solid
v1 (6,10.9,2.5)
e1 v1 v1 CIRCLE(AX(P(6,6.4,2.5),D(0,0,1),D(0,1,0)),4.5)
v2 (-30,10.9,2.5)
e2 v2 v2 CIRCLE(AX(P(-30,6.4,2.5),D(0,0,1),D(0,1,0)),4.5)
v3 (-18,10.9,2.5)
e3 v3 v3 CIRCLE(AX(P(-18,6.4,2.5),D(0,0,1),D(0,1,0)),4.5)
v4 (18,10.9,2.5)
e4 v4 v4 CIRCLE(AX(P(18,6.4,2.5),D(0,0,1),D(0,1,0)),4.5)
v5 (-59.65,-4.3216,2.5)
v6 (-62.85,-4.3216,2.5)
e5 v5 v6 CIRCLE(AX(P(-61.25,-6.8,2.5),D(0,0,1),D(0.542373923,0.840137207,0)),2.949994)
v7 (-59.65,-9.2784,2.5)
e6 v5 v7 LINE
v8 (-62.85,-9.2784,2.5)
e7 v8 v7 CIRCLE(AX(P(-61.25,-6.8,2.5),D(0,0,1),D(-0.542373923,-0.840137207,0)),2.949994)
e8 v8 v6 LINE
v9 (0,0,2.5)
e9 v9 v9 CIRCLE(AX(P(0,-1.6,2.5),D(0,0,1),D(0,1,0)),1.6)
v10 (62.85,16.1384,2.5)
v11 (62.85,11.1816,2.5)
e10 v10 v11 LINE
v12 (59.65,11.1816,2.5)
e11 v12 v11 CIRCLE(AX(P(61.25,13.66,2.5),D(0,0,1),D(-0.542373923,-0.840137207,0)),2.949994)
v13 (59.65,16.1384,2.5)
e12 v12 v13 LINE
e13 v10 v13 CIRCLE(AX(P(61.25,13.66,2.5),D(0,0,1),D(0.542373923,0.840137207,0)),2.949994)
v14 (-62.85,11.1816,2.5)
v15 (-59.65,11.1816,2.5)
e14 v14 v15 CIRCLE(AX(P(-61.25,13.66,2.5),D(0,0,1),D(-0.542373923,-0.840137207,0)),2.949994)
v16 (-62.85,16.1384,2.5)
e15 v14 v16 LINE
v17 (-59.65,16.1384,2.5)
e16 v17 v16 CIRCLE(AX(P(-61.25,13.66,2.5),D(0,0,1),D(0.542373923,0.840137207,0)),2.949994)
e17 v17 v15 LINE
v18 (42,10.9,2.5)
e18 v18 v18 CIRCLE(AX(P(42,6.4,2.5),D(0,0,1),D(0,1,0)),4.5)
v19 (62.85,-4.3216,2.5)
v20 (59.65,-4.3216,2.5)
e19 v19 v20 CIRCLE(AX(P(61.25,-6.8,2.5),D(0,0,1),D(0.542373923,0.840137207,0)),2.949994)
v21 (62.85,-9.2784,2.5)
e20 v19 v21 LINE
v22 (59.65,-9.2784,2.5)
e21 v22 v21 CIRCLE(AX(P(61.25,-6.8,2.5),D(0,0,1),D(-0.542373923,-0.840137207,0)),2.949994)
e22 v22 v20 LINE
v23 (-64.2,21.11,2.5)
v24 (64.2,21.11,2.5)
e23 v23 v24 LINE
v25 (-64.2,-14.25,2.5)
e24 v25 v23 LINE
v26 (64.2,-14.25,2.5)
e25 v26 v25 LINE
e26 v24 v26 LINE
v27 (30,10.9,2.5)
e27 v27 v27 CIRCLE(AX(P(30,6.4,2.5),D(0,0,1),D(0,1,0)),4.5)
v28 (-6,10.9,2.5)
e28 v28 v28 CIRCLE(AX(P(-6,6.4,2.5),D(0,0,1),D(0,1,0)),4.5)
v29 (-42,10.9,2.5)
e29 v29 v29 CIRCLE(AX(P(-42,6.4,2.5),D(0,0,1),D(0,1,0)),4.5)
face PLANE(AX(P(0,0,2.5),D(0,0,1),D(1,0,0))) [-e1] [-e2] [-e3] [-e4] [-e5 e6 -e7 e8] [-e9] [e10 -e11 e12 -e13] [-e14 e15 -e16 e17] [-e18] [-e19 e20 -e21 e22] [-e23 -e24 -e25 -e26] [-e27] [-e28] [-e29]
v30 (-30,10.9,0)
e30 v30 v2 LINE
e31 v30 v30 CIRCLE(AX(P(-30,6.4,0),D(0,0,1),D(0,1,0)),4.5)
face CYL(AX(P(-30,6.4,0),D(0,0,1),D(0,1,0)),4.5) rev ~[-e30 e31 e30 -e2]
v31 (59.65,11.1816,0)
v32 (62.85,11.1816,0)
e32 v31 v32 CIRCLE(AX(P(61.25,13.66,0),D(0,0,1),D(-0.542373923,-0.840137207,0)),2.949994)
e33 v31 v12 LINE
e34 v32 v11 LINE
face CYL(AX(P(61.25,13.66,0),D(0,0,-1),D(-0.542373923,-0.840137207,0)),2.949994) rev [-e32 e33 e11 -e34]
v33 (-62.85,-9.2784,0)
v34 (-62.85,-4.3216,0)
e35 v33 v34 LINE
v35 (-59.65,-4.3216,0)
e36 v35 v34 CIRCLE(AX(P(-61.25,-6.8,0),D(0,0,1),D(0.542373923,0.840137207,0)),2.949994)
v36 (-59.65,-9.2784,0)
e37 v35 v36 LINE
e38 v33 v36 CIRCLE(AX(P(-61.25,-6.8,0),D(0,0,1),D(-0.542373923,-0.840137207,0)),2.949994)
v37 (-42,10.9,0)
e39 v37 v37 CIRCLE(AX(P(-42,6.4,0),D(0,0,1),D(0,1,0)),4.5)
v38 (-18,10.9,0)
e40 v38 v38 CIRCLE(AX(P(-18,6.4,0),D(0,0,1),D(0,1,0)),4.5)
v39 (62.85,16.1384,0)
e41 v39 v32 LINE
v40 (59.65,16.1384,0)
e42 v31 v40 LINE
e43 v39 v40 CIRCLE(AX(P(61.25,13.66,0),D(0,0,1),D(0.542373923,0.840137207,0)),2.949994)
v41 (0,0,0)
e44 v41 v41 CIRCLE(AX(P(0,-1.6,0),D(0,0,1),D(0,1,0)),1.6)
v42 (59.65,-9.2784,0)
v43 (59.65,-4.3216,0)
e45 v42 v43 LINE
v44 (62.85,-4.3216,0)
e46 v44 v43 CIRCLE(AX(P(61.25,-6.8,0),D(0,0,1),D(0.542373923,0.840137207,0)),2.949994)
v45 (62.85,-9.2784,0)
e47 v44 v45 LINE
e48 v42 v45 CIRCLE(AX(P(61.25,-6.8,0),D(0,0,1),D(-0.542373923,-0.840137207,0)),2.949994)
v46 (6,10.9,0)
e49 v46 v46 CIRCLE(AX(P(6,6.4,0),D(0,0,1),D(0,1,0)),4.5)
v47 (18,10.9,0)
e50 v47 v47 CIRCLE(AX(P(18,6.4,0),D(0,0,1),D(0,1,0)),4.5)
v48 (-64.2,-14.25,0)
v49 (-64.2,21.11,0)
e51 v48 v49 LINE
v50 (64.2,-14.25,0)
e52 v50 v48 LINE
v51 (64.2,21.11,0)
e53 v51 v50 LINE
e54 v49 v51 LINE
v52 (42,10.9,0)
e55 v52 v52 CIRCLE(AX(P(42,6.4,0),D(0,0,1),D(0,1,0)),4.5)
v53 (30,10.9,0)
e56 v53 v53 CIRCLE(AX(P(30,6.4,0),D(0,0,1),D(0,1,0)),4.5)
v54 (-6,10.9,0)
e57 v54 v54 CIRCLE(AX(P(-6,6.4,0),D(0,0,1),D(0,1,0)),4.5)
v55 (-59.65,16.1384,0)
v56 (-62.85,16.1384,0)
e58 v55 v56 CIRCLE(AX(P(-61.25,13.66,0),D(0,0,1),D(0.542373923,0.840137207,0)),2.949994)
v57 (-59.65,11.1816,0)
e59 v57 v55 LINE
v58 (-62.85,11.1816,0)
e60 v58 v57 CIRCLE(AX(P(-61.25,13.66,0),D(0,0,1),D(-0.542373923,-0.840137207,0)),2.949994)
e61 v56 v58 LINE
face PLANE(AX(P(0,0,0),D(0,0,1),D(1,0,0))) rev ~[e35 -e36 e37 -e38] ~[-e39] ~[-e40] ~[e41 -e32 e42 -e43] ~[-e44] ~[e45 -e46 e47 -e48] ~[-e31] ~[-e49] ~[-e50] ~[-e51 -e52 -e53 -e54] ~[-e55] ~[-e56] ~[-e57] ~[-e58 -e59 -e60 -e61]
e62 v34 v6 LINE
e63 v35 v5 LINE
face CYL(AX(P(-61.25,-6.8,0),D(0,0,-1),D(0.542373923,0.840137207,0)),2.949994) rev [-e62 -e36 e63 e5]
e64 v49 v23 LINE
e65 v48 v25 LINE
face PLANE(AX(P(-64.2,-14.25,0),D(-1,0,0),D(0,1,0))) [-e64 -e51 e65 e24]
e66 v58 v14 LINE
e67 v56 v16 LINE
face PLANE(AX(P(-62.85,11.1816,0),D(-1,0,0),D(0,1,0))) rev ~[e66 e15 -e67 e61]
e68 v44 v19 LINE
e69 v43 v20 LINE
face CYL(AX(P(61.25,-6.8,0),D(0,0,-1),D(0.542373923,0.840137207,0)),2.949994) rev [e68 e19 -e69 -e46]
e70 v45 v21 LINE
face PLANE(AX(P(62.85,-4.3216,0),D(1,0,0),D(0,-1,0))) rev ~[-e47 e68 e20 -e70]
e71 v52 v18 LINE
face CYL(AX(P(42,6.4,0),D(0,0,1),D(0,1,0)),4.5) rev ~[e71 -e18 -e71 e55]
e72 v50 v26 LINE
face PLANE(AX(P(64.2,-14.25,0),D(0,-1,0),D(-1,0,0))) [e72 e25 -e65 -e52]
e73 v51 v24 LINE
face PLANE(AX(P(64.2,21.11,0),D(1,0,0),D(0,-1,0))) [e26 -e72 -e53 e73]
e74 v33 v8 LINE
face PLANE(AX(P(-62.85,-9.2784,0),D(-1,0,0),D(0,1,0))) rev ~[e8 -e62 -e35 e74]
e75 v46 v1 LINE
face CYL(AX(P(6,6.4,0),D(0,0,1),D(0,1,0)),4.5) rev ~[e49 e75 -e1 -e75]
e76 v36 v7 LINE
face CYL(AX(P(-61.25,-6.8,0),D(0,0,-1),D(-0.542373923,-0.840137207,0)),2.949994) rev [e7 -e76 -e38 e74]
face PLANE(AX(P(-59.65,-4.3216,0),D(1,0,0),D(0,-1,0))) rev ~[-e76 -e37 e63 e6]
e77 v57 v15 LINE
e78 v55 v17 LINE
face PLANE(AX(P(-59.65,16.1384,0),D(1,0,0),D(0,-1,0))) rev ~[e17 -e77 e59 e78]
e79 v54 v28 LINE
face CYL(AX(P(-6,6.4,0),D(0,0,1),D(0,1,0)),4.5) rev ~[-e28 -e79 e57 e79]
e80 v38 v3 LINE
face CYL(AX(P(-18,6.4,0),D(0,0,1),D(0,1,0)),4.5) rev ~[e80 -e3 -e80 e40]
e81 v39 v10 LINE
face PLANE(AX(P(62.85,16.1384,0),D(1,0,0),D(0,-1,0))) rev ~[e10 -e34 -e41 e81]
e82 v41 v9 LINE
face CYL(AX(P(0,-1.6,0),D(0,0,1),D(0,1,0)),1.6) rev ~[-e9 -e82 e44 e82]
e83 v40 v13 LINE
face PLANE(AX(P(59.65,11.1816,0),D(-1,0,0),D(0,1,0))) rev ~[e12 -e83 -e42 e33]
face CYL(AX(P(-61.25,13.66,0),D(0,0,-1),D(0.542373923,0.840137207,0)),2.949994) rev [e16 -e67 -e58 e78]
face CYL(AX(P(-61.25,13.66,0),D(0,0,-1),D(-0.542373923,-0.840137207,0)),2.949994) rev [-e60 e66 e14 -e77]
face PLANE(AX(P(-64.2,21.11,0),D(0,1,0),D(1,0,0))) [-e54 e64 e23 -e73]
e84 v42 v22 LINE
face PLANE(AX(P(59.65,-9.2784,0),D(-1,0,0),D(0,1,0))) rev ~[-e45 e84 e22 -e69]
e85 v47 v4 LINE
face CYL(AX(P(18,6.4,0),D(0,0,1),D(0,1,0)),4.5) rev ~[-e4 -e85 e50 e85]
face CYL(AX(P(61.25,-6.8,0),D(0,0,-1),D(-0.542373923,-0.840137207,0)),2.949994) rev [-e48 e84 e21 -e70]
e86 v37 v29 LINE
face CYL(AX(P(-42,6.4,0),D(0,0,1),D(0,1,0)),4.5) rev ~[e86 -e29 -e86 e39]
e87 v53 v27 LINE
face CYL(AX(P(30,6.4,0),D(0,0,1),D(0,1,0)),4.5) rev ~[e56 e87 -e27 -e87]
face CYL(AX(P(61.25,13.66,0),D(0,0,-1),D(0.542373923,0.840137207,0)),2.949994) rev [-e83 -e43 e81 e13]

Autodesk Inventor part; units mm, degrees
ref_plane "YZ Plane" through (0, 0, 0) normal (1, 0, 0) x (0, 1, 0)
ref_plane "XZ Plane" through (0, 0, 0) normal (0, 1, 0) x (-1, 0, 0)
sketch "Sketch1" plane through (0, 0, 0) normal (0, 0, 1) x (1, 0, 0)
  line L0 (-64.2, 21.11) -> (64.2, 21.11)
  line L1 (64.2, 21.11) -> (64.2, -14.25)
  line L2 (64.2, -14.25) -> (-64.2, -14.25)
  line L3 (-64.2, -14.25) -> (-64.2, 21.11)
  line L4 (-59.65, 16.1384) -> (-59.65, 11.1816)
  line L5 (-62.85, 11.1816) -> (-62.85, 16.1384)
  line L6 (-64.2, 0) -> (64.2, 0) construction
  line L7 (-62.85, 16.1384) -> (-62.85, 11.1816)
  line L8 (-59.65, 16.1384) -> (-59.65, 11.1816)
  arc A0 (-59.65, 16.1384) -> (-62.85, 16.1384) centre (-61.25, 13.66) ccw
  arc A1 (-62.85, 11.1816) -> (-59.65, 11.1816) centre (-61.25, 13.66) ccw
  line L9 (-50, -1.6) -> (50, -1.6) construction
  line L10 (64.2, -11.9) -> (-64.2, -11.9) construction
  line L11 (0, 28.2591) -> (0, -21.7844) construction
  line L12 (-94.5, 0) -> (94.5, 0) construction
  line L13 (67.5, 3.43) -> (-67.5, 3.43) construction
  line L14 (50, 0) -> (50, -1.6) construction
  line L15 (-50, 0) -> (-50, -1.6) construction
  point P0 (0, 0)
  point P1 (-34.25, -9.4)
  point P2 (-42, 6.4)
  point P3 (0, -1.6)
  dimension "d0" = 128.4
  dimension "d1" = 35.36
  dimension "d21" = 6.4
  dimension "d46" = 1.6
  dimension "d47" = 1.6
  dimension "d50" = 2.95
  dimension "d52" = 2.95
  dimension "d130" = 2.35
  dimension "d131" = 11.9
  dimension "d132" = 10.3
  dimension "d133" = 2.5
  dimension "d145" = 0
  dimension "d152" = 135
  dimension "d155" = 17.68
  dimension "d156" = 10.23
  dimension "d157" = 64.2
  dimension "d158" = 61.25
  dimension "d159" = 67.5
  dimension "d215" = 50
  dimension "d217" = 50
  dimension "d218" = 8
  dimension "d219" = 0
  dimension "d227" = 34.25
extrude "Extrusion2" add sketch "Sketch1" along normal blind 2.5 contours L0 L1 L2 L3 | L4 A1 L5 A0
hole "Hole1" at (-42, 6.4, 0) direction (0, 0, 1) diameter 9 end through all
pattern_linear "Rectangular Pattern1" count 8 spacing 12 along (1, 0, 0) of "Hole1"
extrude "Extrusion3" cut sketch "Sketch1" along normal blind 2.5 contours L4 A1 L5 A0
pattern_linear "Rectangular Pattern2" count 2 spacing 122.5 along (1, 0, 0) count 2 spacing -20.46 along (0, 1, 0) of "Extrusion3"
hole "Hole9" at (-61.25, 13.66, 0) at (0, -1.6, 0) direction (0, 0, 1) diameter 3.2 end through all
ref_plane "Work Plane1" through (0, 0, 2.5) normal (0, 0, 1) x (1, 0, 0)
sketch "Sketch7" plane through (0, 0, 2.5) normal (0, 0, 1) x (1, 0, 0)
  line L0 (64.2, -14.25) -> (64.2, 21.11) projected
  line L1 (64.2, 21.11) -> (64.2, -14.501) construction
  line L2 (64.2, -14.501) -> (-64.2197, -14.501) construction
  line L3 (-64.2197, -14.501) -> (-64.2197, 21.11) construction
  line L4 (-64.2197, 21.11) -> (64.2, 21.11) construction
  point P0 (0, 0)
decal "Decal4"
properties part number "Frontplate_Dac8728_v12_decal"
